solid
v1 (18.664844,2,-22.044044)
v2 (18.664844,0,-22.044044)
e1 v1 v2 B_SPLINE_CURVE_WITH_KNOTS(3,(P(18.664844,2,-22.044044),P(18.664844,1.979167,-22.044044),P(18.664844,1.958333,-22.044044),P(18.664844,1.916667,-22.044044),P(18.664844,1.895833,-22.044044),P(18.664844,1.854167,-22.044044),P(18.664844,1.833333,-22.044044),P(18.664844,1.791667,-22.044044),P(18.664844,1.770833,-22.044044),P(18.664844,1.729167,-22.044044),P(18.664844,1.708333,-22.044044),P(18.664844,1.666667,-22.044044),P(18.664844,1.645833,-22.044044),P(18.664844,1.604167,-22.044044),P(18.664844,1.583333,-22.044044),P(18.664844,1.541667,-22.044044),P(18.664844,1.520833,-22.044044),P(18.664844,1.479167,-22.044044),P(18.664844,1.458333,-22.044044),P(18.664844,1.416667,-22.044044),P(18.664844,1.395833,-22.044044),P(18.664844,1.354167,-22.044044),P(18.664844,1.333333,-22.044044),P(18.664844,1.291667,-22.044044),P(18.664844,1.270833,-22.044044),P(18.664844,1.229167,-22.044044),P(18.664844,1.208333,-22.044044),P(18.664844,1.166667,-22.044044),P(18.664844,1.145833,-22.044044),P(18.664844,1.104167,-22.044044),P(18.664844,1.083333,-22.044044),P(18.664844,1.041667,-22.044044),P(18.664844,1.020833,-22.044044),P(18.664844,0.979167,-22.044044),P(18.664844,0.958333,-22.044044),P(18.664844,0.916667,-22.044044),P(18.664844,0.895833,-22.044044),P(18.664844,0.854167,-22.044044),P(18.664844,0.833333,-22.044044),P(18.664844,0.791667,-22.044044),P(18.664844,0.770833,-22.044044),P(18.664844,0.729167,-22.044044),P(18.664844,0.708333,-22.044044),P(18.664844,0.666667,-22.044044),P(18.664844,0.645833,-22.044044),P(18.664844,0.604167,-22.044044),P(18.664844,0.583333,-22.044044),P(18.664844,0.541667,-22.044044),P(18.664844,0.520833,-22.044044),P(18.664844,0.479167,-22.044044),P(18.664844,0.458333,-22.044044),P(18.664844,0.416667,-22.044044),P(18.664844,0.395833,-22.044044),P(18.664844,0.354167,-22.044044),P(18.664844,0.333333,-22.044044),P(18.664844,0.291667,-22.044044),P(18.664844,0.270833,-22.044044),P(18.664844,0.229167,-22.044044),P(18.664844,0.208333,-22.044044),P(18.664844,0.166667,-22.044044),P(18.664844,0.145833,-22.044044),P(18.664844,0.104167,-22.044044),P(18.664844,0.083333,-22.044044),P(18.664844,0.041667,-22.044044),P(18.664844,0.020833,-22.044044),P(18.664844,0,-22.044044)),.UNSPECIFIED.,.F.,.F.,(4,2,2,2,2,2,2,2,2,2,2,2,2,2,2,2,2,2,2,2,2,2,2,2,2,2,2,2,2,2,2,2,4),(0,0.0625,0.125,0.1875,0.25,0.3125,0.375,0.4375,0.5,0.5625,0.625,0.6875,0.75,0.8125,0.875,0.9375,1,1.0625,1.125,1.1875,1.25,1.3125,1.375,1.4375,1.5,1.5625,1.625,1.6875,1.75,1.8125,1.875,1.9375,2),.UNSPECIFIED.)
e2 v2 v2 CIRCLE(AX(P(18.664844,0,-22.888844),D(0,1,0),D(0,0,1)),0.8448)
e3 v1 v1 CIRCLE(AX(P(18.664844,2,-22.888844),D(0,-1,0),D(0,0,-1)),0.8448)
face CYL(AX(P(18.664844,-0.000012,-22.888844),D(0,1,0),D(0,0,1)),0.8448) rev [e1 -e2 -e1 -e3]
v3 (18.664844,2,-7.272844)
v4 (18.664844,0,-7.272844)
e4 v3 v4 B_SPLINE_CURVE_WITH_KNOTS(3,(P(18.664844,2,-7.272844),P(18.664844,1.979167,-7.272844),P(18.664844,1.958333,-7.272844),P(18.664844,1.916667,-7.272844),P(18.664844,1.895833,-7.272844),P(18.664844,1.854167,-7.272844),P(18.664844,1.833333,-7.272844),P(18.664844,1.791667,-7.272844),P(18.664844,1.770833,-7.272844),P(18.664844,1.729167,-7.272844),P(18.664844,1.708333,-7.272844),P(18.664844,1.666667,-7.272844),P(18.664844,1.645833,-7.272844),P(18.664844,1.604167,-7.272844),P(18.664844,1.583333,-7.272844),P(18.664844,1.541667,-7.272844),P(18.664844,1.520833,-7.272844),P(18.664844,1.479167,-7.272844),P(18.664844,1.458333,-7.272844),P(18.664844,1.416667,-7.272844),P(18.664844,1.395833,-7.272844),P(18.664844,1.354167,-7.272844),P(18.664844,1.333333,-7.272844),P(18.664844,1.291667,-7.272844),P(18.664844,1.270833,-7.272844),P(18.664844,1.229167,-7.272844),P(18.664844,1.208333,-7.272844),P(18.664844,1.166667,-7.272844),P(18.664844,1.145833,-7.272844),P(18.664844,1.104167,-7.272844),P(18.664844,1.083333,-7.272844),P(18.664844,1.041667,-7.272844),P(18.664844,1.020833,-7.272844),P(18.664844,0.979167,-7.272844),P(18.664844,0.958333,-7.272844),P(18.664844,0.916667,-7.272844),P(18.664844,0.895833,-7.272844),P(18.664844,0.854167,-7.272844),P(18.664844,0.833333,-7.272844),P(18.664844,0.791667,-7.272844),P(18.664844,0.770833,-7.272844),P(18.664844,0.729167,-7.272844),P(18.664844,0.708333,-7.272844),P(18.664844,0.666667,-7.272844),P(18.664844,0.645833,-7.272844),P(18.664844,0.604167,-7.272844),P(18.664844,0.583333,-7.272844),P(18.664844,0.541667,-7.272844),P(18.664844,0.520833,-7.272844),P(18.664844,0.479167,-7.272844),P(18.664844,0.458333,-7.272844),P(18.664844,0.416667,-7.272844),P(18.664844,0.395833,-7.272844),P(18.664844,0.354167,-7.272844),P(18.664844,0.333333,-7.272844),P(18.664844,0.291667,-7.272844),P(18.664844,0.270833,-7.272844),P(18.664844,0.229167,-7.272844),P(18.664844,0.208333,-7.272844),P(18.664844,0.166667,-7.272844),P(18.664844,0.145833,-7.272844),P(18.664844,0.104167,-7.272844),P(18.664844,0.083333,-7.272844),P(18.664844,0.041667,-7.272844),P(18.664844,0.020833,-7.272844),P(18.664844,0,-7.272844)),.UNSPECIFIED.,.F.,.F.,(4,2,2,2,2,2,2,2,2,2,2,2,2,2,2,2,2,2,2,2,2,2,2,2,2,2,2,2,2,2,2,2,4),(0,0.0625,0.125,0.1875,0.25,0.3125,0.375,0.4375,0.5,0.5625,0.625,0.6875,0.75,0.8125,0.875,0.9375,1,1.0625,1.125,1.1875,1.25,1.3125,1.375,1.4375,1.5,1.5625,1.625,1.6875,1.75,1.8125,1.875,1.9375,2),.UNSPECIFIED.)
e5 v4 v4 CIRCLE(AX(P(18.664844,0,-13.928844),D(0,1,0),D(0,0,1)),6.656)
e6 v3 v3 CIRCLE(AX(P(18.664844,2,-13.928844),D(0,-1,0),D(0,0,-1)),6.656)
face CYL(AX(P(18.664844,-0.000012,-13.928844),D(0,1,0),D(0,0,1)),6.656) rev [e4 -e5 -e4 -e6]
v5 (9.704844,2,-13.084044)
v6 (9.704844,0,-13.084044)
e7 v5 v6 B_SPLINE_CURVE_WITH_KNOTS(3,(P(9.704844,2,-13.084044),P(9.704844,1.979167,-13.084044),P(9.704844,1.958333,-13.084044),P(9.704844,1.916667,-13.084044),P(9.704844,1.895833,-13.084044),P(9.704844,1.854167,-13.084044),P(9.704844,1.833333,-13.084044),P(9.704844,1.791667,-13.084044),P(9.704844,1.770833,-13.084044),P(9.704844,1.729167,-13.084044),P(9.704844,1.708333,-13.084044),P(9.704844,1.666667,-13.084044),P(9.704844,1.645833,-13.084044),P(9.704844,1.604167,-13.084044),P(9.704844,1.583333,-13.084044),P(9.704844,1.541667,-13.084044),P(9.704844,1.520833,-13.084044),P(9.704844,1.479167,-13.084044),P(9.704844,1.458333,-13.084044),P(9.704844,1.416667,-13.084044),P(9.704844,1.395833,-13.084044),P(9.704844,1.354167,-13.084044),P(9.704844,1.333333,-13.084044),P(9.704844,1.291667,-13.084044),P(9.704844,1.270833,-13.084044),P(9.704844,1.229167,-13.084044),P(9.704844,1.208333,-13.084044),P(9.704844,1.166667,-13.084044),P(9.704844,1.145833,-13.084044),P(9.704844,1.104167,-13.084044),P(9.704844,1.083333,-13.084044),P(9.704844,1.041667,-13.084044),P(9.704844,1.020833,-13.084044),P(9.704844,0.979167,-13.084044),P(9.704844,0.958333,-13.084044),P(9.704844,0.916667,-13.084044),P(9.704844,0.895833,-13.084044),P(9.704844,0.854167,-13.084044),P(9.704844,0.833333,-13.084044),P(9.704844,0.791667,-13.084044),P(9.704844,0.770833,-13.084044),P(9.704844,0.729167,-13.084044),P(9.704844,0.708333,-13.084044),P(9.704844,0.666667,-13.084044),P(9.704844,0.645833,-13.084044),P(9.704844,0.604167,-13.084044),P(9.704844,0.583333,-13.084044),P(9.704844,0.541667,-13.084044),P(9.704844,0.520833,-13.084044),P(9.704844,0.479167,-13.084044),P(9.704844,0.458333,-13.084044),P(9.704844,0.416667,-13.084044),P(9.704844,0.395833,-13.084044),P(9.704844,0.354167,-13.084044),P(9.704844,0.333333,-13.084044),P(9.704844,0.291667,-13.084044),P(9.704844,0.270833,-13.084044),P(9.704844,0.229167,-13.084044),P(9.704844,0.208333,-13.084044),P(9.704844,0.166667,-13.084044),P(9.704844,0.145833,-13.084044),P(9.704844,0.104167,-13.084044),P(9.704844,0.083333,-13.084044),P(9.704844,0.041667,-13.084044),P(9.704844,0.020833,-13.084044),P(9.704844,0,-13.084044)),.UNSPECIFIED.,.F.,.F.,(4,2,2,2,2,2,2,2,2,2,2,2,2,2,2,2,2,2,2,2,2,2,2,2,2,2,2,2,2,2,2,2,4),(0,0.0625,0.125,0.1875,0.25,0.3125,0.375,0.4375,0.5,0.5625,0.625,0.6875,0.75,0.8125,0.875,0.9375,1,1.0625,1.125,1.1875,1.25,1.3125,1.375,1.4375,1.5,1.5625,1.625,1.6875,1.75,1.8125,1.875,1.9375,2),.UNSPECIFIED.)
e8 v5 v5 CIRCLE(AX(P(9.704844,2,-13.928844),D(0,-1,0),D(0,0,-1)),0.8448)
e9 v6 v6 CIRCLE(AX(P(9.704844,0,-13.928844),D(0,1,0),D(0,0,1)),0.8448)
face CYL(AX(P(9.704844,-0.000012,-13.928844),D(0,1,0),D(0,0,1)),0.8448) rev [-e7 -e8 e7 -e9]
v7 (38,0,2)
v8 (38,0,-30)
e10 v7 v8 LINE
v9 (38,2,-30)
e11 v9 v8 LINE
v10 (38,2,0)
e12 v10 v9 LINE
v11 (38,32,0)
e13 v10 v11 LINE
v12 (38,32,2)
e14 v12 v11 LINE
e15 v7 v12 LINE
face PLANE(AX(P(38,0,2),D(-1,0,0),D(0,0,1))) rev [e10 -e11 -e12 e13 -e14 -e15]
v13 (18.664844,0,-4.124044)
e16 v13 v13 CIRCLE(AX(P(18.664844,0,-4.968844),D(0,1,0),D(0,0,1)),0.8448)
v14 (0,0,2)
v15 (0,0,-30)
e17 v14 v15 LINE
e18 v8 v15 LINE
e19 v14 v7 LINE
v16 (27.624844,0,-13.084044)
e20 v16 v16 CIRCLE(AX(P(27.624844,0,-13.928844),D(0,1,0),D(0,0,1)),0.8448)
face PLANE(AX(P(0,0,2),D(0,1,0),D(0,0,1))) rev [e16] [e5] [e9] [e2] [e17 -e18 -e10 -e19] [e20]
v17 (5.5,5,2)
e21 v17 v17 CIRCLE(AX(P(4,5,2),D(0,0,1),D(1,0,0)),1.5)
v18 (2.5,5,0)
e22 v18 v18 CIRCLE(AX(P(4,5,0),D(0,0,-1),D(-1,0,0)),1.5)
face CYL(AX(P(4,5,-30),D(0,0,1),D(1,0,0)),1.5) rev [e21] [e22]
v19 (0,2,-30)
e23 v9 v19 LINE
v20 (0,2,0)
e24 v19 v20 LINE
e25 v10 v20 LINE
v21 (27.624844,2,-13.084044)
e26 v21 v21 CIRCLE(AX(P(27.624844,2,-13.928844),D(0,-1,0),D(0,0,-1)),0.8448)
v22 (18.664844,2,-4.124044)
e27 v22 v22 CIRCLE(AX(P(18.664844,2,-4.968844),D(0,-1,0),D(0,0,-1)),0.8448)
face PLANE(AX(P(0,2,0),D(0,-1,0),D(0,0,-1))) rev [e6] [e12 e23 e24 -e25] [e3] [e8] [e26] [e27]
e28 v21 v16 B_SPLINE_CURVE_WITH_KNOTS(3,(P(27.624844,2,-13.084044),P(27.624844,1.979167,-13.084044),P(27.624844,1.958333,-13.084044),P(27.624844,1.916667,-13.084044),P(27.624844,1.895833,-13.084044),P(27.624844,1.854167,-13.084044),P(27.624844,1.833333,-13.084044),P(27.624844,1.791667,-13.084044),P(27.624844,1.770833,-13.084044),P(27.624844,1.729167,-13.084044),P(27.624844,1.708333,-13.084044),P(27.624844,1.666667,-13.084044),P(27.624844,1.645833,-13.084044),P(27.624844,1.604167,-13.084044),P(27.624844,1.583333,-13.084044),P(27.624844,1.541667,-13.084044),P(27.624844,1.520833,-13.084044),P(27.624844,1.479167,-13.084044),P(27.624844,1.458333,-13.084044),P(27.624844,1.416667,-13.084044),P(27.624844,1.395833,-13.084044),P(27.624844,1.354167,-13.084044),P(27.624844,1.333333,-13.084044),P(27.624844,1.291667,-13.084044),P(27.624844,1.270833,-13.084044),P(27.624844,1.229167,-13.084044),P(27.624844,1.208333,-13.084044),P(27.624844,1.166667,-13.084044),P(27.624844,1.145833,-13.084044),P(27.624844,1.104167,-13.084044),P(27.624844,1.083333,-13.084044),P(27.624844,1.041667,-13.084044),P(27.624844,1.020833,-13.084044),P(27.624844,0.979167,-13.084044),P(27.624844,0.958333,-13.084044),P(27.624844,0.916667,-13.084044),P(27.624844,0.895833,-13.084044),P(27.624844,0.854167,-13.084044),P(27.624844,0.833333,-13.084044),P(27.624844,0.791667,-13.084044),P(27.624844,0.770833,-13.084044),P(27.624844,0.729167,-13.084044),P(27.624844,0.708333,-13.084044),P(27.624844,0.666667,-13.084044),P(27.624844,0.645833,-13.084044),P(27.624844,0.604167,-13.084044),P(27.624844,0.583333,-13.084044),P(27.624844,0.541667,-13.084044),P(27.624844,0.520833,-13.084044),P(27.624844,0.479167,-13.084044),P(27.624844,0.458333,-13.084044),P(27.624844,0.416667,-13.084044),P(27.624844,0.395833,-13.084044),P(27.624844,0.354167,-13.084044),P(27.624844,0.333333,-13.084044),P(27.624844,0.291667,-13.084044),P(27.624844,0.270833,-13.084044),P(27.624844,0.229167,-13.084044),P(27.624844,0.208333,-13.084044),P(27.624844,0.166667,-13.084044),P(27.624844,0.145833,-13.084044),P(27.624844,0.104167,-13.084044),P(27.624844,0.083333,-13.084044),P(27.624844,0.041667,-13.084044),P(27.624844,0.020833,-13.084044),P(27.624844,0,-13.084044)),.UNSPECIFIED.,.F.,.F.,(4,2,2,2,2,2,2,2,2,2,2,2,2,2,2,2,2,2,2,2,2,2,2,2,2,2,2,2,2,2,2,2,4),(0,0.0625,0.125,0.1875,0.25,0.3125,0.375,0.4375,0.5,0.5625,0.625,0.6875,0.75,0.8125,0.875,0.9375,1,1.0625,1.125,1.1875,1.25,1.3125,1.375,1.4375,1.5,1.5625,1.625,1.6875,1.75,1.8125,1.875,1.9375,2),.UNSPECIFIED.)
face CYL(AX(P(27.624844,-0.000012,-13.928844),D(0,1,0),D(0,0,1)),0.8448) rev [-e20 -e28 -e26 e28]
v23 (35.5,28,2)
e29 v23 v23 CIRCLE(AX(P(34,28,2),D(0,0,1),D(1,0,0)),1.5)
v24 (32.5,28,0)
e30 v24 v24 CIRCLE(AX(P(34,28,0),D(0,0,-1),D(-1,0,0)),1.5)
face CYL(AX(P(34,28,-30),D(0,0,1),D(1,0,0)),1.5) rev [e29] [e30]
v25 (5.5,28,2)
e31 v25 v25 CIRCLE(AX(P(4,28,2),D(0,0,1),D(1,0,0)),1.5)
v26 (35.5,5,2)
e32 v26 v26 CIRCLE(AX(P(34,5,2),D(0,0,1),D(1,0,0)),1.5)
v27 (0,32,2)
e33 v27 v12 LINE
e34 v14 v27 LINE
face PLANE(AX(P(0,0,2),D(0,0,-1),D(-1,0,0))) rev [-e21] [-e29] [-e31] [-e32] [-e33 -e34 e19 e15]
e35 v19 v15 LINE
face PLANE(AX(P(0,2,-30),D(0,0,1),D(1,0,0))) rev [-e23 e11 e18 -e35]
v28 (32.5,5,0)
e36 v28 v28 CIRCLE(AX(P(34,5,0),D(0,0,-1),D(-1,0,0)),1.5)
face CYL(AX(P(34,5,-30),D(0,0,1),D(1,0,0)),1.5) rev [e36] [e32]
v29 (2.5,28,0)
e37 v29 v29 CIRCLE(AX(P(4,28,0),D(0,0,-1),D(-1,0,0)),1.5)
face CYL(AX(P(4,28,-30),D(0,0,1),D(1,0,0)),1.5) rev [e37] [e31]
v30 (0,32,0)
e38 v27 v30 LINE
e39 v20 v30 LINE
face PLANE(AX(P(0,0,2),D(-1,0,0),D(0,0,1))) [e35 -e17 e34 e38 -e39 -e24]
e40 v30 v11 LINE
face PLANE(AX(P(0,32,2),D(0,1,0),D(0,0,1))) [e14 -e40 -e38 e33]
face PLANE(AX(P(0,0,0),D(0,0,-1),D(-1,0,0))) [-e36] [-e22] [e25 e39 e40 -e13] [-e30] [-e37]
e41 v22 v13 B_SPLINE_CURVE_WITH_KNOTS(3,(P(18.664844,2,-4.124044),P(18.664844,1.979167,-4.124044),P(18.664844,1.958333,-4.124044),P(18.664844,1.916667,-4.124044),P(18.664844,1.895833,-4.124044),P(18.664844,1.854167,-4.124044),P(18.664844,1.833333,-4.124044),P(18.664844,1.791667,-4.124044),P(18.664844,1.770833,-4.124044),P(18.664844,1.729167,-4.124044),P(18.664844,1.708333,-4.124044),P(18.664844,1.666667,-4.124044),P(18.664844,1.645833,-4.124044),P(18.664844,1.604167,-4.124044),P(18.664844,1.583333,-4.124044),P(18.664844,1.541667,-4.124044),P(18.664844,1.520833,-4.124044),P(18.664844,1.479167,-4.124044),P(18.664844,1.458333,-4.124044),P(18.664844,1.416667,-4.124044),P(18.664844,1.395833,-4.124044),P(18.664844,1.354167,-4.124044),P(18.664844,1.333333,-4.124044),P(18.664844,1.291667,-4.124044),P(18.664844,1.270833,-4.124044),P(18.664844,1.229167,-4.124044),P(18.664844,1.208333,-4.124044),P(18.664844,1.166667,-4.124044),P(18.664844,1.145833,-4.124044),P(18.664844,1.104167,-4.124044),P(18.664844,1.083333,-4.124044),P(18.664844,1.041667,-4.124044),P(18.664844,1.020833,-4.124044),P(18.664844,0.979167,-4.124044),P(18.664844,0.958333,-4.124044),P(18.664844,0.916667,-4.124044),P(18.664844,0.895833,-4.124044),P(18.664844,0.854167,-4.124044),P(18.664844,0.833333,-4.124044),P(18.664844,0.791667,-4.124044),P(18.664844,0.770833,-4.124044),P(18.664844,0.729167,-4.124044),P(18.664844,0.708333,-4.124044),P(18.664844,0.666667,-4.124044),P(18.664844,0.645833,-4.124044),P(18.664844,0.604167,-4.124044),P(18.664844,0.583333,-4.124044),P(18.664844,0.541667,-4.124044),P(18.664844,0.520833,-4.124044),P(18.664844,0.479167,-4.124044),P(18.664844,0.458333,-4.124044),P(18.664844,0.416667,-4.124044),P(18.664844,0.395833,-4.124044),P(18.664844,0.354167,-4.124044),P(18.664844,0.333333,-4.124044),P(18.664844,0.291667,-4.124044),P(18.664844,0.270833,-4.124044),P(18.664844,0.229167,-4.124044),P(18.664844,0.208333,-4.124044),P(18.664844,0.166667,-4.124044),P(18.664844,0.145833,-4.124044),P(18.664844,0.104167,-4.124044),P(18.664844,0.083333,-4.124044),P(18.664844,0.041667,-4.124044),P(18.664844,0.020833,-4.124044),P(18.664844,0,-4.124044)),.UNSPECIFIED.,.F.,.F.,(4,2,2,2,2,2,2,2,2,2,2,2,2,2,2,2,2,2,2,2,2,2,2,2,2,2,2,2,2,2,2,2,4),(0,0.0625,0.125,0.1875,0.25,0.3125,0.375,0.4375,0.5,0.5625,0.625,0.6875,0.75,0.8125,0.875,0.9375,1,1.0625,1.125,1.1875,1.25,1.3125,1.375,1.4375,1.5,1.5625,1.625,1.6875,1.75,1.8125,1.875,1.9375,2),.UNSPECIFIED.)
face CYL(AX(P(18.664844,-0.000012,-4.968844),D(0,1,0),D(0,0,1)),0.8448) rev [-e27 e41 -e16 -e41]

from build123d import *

# Parameters (mm, degrees)
SKETCH_3_W               = 38
SKETCH_3_H               = 32
EXTRUDE_330_DEPTH        = 2
SKETCH_4_W               = 38
SKETCH_4_H               = 32
EXTRUDE_444_DEPTH        = 2
CUT_EXTRUDE_1_DEPTH      = 59.034472514
CUT_EXTRUDE_1_DEPTH_BACK = 59.034472514
SKETCH_5_R               = 1.5
CUT_EXTRUDE_2_DEPTH      = 59.034472514
CUT_EXTRUDE_2_DEPTH_BACK = 59.034472514
SKETCH_6_R               = 6.656
SKETCH_6_R_2             = 0.8448


with BuildPart() as part:
    # 草图3 → Extrude 330 (new body)
    with BuildSketch(Plane.XY):
        with Locations((19, 16)):
            Rectangle(SKETCH_3_W, SKETCH_3_H)
    extrude(amount=EXTRUDE_330_DEPTH)

    # 草图4 → Extrude 444 (add)
    with BuildSketch(Plane(origin=(0, 0, 0), x_dir=(1, 0, 0), z_dir=(0, 1, 0))):
        with Locations((19, 14)):
            Rectangle(SKETCH_4_W, SKETCH_4_H)
    extrude(amount=EXTRUDE_444_DEPTH)

    # 草图5 → 切除-拉伸1 (cut, two sides: drawn at the far end of the back side and taken through both)
    with BuildSketch(Plane.XY.offset(-CUT_EXTRUDE_1_DEPTH_BACK)):
        with Locations((4, 5)):
            Circle(SKETCH_5_R)
        with Locations((4, 28)):
            Circle(SKETCH_5_R)
        with Locations((34, 5)):
            Circle(SKETCH_5_R)
        with Locations((34, 28)):
            Circle(SKETCH_5_R)
    extrude(amount=CUT_EXTRUDE_1_DEPTH + CUT_EXTRUDE_1_DEPTH_BACK, mode=Mode.SUBTRACT)

    # 草图6 → 切除-拉伸2 (cut, two sides: drawn at the far end of the back side and taken through both)
    with BuildSketch(Plane(origin=(0, 0, 0), x_dir=(1, 0, 0), z_dir=(0, 1, 0)).offset(-CUT_EXTRUDE_2_DEPTH_BACK)):
        with Locations(Location((18.664843729, 13.928843729, 0), (0, 0, 270))):
            Circle(SKETCH_6_R)
        with Locations(Location((9.704843729, 13.928843729, 0), (0, 0, 270))):
            Circle(SKETCH_6_R_2)
        with Locations(Location((18.664843729, 22.888843729, 0), (0, 0, 270))):
            Circle(SKETCH_6_R_2)
        with Locations(Location((27.624843729, 13.928843729, 0), (0, 0, 270))):
            Circle(SKETCH_6_R_2)
        with Locations(Location((18.664843729, 4.968843729, 0), (0, 0, 270))):
            Circle(SKETCH_6_R_2)
    extrude(amount=CUT_EXTRUDE_2_DEPTH + CUT_EXTRUDE_2_DEPTH_BACK, mode=Mode.SUBTRACT)


solid = part.part
